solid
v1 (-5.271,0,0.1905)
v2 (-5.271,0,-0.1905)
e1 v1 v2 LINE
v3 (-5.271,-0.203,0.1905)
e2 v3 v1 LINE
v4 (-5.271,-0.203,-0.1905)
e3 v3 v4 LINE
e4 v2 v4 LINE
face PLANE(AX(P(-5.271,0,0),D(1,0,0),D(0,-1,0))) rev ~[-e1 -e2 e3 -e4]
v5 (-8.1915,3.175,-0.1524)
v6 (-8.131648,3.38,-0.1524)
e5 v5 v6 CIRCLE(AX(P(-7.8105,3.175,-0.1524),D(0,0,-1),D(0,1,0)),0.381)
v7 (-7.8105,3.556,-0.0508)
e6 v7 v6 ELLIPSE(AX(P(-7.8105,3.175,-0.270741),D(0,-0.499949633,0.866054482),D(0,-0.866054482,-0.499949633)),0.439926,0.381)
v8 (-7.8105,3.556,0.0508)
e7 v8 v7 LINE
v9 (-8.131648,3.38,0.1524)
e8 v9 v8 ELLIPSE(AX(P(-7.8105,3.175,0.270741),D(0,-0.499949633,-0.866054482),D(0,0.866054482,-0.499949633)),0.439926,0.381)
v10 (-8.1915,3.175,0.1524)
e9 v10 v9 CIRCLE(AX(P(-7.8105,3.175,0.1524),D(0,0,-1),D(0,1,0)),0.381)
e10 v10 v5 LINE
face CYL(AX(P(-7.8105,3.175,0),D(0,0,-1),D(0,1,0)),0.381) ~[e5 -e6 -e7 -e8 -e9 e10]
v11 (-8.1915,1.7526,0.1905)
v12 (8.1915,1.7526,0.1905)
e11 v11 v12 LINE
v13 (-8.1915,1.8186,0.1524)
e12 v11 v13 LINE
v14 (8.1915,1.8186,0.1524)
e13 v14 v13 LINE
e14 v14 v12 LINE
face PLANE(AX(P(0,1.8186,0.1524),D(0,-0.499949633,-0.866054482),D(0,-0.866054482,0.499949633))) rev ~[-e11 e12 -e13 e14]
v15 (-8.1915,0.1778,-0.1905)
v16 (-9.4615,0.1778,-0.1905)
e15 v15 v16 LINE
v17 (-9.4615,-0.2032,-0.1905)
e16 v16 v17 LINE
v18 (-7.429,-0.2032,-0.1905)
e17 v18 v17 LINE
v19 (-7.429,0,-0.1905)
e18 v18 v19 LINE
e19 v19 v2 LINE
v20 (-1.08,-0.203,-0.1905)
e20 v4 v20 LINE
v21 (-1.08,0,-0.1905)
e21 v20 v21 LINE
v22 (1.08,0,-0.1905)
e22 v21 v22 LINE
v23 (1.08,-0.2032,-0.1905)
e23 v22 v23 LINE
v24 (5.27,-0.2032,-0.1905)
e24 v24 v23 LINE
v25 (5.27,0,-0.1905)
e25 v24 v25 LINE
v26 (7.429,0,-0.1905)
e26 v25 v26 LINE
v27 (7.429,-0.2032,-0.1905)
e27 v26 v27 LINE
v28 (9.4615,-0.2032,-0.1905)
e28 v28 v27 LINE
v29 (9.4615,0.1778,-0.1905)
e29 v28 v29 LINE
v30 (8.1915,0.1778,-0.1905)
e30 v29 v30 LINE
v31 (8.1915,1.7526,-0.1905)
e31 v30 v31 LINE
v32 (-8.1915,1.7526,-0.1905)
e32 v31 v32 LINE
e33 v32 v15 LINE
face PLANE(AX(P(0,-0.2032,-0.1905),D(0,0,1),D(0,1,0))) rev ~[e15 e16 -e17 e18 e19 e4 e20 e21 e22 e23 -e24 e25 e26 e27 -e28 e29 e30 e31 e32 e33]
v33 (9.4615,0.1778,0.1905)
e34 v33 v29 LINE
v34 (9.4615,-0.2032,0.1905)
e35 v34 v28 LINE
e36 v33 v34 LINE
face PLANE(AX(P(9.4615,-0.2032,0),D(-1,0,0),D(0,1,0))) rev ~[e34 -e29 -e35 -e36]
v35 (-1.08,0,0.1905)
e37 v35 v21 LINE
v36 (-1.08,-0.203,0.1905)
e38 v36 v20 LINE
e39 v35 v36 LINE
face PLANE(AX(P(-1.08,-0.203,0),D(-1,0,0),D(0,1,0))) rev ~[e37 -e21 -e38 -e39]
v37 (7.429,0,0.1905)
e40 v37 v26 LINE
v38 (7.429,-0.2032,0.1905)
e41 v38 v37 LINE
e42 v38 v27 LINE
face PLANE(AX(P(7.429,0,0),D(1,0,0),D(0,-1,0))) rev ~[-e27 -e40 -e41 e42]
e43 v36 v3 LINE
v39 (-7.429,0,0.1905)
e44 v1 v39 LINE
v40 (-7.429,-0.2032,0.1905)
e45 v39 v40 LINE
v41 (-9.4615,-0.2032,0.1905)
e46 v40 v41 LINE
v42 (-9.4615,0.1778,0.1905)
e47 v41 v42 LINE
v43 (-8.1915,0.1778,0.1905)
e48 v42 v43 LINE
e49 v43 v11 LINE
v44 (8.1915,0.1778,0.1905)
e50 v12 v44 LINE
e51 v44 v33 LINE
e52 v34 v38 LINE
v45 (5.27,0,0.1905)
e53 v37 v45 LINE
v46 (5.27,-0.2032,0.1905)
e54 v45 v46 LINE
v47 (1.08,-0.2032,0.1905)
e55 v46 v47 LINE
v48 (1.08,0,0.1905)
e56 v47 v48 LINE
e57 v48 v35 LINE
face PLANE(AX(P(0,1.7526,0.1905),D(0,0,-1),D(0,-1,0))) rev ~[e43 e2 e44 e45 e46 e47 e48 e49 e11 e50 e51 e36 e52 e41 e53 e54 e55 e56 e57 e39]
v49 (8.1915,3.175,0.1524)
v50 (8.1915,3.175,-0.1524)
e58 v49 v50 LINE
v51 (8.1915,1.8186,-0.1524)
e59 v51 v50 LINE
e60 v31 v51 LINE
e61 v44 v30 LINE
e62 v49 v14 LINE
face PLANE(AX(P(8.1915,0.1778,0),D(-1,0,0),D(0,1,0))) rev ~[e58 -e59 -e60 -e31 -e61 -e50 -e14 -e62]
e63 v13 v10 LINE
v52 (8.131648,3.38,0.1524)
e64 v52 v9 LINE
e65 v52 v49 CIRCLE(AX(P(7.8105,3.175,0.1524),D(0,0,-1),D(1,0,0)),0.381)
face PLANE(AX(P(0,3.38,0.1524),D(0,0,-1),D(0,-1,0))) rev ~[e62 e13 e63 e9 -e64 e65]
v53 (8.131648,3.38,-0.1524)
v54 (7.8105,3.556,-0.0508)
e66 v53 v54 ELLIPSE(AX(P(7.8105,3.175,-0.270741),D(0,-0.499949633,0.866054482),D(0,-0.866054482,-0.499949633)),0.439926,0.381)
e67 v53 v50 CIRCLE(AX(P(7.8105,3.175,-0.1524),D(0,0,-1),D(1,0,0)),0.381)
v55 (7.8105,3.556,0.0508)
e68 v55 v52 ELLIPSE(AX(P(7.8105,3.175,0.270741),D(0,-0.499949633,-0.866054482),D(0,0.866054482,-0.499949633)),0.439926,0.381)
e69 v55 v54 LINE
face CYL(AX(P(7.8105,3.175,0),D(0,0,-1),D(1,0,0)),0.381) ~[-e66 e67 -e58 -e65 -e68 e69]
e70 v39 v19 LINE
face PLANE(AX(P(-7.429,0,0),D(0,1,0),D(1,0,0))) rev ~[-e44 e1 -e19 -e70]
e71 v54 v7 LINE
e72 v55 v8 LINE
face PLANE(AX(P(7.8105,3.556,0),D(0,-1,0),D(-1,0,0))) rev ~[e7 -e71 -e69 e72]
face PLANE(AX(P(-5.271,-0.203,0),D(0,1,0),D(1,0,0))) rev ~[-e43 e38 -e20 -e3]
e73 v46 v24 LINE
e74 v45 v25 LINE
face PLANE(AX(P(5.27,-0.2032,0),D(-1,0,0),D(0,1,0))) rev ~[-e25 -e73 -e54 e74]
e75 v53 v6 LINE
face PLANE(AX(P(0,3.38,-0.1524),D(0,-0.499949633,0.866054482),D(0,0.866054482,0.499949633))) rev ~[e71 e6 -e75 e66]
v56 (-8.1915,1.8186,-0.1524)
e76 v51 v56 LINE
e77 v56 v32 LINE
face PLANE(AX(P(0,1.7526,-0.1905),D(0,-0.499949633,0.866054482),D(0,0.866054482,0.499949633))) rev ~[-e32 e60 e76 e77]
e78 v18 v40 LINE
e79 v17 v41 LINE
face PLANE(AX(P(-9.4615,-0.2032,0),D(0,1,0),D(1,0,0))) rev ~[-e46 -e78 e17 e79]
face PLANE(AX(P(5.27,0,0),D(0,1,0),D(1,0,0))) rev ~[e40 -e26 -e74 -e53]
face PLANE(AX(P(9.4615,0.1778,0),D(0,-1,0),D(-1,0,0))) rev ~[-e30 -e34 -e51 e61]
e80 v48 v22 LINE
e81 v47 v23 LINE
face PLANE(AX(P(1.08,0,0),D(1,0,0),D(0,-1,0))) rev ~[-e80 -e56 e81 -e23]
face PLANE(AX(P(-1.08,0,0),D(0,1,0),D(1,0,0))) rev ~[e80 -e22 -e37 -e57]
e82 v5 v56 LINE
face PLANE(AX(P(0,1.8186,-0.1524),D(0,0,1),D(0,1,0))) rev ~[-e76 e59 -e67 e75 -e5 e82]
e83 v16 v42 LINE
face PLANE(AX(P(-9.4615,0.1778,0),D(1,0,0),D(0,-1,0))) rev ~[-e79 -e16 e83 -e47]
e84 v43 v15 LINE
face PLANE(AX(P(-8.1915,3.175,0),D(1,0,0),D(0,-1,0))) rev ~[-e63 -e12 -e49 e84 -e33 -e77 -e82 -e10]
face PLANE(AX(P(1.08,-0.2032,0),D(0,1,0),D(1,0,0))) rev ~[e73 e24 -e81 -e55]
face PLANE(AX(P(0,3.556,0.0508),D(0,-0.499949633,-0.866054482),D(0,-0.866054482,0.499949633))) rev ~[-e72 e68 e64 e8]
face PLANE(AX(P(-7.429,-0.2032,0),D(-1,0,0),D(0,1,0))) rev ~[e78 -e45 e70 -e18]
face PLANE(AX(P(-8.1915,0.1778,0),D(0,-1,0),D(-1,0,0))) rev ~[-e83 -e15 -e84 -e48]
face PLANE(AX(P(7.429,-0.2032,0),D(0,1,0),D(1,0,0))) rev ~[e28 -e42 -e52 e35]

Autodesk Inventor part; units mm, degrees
sketch "Sketch_1" plane through (0, 0, 0) normal (0, 0, 1) x (1, 0, 0)
  line L0 (-9.4615, 0.1778) -> (-9.4615, -0.2032)
  line L1 (-9.4615, -0.2032) -> (-7.429, -0.2032)
  line L2 (-7.429, -0.2032) -> (-7.429, 0)
  line L3 (-7.429, 0) -> (-5.271, 0)
  line L4 (-5.271, 0) -> (-5.271, -0.203)
  line L5 (-5.271, -0.203) -> (-1.08, -0.203)
  line L6 (-1.08, -0.203) -> (-1.08, 0)
  line L7 (-1.08, 0) -> (1.08, 0)
  line L8 (1.08, 0) -> (1.08, -0.2032)
  line L9 (1.08, -0.2032) -> (5.27, -0.2032)
  line L10 (5.27, -0.2032) -> (5.27, 0)
  line L11 (5.27, 0) -> (7.429, 0)
  line L12 (7.429, 0) -> (7.429, -0.2032)
  line L13 (7.429, -0.2032) -> (9.4615, -0.2032)
  line L14 (9.4615, -0.2032) -> (9.4615, 0.1778)
  line L15 (9.4615, 0.1778) -> (8.1915, 0.1778)
  line L16 (8.1915, 0.1778) -> (8.1915, 3.175)
  arc A0 (8.1915, 3.175) -> (7.8105, 3.556) centre (7.8105, 3.175) ccw
  line L17 (7.8105, 3.556) -> (-7.8105, 3.556)
  arc A1 (-7.8105, 3.556) -> (-8.1915, 3.175) centre (-7.8105, 3.175) ccw
  line L18 (-8.1915, 3.175) -> (-8.1915, 0.1778)
  line L19 (-8.1915, 0.1778) -> (-9.4615, 0.1778)
extrude "Extrusion1" add sketch "Sketch_1" along normal mid plane 0.8
sketch "Sketch_2" plane through (0, 0, 0) normal (1, 0, 0) x (0, 1, 0)
  line L0 (-8.5344, 8.5344) -> (-8.5344, -8.5344)
  line L1 (-8.5344, -8.5344) -> (8.5344, -8.5344)
  line L2 (8.5344, -8.5344) -> (8.5344, 8.5344)
  line L3 (8.5344, 8.5344) -> (-8.5344, 8.5344)
  line L4 (1.7526, 0.1905) -> (-0.2032, 0.1905)
  line L5 (-0.2032, 0.1905) -> (-0.2032, -0.1905)
  line L6 (-0.2032, -0.1905) -> (1.7526, -0.1905)
  line L7 (1.7526, -0.1905) -> (1.8186, -0.1524)
  line L8 (1.8186, -0.1524) -> (3.38, -0.1524)
  line L9 (3.38, -0.1524) -> (3.556, -0.0508)
  line L10 (3.556, -0.0508) -> (3.556, 0.0508)
  line L11 (3.556, 0.0508) -> (3.38, 0.1524)
  line L12 (3.38, 0.1524) -> (1.8186, 0.1524)
  line L13 (1.8186, 0.1524) -> (1.7526, 0.1905)
extrude "Extrusion2" cut sketch "Sketch_2" along normal mid plane 20
ref_plane "integral_metal_plane_XY" through (0, -0.2032, 0) normal (0, 1, 0) x (1, 0, 0)
ref_plane "integral_metal_plane_YZ" through (0, -0.2032, 0) normal (1, 0, 0) x (0, 0, -1)
ref_plane "integral_metal_plane_ZX" through (0, -0.2032, 0) normal (0, 0, -1) x (0, 1, 0)
properties part number "QTE-T-1G1-01_imp"
